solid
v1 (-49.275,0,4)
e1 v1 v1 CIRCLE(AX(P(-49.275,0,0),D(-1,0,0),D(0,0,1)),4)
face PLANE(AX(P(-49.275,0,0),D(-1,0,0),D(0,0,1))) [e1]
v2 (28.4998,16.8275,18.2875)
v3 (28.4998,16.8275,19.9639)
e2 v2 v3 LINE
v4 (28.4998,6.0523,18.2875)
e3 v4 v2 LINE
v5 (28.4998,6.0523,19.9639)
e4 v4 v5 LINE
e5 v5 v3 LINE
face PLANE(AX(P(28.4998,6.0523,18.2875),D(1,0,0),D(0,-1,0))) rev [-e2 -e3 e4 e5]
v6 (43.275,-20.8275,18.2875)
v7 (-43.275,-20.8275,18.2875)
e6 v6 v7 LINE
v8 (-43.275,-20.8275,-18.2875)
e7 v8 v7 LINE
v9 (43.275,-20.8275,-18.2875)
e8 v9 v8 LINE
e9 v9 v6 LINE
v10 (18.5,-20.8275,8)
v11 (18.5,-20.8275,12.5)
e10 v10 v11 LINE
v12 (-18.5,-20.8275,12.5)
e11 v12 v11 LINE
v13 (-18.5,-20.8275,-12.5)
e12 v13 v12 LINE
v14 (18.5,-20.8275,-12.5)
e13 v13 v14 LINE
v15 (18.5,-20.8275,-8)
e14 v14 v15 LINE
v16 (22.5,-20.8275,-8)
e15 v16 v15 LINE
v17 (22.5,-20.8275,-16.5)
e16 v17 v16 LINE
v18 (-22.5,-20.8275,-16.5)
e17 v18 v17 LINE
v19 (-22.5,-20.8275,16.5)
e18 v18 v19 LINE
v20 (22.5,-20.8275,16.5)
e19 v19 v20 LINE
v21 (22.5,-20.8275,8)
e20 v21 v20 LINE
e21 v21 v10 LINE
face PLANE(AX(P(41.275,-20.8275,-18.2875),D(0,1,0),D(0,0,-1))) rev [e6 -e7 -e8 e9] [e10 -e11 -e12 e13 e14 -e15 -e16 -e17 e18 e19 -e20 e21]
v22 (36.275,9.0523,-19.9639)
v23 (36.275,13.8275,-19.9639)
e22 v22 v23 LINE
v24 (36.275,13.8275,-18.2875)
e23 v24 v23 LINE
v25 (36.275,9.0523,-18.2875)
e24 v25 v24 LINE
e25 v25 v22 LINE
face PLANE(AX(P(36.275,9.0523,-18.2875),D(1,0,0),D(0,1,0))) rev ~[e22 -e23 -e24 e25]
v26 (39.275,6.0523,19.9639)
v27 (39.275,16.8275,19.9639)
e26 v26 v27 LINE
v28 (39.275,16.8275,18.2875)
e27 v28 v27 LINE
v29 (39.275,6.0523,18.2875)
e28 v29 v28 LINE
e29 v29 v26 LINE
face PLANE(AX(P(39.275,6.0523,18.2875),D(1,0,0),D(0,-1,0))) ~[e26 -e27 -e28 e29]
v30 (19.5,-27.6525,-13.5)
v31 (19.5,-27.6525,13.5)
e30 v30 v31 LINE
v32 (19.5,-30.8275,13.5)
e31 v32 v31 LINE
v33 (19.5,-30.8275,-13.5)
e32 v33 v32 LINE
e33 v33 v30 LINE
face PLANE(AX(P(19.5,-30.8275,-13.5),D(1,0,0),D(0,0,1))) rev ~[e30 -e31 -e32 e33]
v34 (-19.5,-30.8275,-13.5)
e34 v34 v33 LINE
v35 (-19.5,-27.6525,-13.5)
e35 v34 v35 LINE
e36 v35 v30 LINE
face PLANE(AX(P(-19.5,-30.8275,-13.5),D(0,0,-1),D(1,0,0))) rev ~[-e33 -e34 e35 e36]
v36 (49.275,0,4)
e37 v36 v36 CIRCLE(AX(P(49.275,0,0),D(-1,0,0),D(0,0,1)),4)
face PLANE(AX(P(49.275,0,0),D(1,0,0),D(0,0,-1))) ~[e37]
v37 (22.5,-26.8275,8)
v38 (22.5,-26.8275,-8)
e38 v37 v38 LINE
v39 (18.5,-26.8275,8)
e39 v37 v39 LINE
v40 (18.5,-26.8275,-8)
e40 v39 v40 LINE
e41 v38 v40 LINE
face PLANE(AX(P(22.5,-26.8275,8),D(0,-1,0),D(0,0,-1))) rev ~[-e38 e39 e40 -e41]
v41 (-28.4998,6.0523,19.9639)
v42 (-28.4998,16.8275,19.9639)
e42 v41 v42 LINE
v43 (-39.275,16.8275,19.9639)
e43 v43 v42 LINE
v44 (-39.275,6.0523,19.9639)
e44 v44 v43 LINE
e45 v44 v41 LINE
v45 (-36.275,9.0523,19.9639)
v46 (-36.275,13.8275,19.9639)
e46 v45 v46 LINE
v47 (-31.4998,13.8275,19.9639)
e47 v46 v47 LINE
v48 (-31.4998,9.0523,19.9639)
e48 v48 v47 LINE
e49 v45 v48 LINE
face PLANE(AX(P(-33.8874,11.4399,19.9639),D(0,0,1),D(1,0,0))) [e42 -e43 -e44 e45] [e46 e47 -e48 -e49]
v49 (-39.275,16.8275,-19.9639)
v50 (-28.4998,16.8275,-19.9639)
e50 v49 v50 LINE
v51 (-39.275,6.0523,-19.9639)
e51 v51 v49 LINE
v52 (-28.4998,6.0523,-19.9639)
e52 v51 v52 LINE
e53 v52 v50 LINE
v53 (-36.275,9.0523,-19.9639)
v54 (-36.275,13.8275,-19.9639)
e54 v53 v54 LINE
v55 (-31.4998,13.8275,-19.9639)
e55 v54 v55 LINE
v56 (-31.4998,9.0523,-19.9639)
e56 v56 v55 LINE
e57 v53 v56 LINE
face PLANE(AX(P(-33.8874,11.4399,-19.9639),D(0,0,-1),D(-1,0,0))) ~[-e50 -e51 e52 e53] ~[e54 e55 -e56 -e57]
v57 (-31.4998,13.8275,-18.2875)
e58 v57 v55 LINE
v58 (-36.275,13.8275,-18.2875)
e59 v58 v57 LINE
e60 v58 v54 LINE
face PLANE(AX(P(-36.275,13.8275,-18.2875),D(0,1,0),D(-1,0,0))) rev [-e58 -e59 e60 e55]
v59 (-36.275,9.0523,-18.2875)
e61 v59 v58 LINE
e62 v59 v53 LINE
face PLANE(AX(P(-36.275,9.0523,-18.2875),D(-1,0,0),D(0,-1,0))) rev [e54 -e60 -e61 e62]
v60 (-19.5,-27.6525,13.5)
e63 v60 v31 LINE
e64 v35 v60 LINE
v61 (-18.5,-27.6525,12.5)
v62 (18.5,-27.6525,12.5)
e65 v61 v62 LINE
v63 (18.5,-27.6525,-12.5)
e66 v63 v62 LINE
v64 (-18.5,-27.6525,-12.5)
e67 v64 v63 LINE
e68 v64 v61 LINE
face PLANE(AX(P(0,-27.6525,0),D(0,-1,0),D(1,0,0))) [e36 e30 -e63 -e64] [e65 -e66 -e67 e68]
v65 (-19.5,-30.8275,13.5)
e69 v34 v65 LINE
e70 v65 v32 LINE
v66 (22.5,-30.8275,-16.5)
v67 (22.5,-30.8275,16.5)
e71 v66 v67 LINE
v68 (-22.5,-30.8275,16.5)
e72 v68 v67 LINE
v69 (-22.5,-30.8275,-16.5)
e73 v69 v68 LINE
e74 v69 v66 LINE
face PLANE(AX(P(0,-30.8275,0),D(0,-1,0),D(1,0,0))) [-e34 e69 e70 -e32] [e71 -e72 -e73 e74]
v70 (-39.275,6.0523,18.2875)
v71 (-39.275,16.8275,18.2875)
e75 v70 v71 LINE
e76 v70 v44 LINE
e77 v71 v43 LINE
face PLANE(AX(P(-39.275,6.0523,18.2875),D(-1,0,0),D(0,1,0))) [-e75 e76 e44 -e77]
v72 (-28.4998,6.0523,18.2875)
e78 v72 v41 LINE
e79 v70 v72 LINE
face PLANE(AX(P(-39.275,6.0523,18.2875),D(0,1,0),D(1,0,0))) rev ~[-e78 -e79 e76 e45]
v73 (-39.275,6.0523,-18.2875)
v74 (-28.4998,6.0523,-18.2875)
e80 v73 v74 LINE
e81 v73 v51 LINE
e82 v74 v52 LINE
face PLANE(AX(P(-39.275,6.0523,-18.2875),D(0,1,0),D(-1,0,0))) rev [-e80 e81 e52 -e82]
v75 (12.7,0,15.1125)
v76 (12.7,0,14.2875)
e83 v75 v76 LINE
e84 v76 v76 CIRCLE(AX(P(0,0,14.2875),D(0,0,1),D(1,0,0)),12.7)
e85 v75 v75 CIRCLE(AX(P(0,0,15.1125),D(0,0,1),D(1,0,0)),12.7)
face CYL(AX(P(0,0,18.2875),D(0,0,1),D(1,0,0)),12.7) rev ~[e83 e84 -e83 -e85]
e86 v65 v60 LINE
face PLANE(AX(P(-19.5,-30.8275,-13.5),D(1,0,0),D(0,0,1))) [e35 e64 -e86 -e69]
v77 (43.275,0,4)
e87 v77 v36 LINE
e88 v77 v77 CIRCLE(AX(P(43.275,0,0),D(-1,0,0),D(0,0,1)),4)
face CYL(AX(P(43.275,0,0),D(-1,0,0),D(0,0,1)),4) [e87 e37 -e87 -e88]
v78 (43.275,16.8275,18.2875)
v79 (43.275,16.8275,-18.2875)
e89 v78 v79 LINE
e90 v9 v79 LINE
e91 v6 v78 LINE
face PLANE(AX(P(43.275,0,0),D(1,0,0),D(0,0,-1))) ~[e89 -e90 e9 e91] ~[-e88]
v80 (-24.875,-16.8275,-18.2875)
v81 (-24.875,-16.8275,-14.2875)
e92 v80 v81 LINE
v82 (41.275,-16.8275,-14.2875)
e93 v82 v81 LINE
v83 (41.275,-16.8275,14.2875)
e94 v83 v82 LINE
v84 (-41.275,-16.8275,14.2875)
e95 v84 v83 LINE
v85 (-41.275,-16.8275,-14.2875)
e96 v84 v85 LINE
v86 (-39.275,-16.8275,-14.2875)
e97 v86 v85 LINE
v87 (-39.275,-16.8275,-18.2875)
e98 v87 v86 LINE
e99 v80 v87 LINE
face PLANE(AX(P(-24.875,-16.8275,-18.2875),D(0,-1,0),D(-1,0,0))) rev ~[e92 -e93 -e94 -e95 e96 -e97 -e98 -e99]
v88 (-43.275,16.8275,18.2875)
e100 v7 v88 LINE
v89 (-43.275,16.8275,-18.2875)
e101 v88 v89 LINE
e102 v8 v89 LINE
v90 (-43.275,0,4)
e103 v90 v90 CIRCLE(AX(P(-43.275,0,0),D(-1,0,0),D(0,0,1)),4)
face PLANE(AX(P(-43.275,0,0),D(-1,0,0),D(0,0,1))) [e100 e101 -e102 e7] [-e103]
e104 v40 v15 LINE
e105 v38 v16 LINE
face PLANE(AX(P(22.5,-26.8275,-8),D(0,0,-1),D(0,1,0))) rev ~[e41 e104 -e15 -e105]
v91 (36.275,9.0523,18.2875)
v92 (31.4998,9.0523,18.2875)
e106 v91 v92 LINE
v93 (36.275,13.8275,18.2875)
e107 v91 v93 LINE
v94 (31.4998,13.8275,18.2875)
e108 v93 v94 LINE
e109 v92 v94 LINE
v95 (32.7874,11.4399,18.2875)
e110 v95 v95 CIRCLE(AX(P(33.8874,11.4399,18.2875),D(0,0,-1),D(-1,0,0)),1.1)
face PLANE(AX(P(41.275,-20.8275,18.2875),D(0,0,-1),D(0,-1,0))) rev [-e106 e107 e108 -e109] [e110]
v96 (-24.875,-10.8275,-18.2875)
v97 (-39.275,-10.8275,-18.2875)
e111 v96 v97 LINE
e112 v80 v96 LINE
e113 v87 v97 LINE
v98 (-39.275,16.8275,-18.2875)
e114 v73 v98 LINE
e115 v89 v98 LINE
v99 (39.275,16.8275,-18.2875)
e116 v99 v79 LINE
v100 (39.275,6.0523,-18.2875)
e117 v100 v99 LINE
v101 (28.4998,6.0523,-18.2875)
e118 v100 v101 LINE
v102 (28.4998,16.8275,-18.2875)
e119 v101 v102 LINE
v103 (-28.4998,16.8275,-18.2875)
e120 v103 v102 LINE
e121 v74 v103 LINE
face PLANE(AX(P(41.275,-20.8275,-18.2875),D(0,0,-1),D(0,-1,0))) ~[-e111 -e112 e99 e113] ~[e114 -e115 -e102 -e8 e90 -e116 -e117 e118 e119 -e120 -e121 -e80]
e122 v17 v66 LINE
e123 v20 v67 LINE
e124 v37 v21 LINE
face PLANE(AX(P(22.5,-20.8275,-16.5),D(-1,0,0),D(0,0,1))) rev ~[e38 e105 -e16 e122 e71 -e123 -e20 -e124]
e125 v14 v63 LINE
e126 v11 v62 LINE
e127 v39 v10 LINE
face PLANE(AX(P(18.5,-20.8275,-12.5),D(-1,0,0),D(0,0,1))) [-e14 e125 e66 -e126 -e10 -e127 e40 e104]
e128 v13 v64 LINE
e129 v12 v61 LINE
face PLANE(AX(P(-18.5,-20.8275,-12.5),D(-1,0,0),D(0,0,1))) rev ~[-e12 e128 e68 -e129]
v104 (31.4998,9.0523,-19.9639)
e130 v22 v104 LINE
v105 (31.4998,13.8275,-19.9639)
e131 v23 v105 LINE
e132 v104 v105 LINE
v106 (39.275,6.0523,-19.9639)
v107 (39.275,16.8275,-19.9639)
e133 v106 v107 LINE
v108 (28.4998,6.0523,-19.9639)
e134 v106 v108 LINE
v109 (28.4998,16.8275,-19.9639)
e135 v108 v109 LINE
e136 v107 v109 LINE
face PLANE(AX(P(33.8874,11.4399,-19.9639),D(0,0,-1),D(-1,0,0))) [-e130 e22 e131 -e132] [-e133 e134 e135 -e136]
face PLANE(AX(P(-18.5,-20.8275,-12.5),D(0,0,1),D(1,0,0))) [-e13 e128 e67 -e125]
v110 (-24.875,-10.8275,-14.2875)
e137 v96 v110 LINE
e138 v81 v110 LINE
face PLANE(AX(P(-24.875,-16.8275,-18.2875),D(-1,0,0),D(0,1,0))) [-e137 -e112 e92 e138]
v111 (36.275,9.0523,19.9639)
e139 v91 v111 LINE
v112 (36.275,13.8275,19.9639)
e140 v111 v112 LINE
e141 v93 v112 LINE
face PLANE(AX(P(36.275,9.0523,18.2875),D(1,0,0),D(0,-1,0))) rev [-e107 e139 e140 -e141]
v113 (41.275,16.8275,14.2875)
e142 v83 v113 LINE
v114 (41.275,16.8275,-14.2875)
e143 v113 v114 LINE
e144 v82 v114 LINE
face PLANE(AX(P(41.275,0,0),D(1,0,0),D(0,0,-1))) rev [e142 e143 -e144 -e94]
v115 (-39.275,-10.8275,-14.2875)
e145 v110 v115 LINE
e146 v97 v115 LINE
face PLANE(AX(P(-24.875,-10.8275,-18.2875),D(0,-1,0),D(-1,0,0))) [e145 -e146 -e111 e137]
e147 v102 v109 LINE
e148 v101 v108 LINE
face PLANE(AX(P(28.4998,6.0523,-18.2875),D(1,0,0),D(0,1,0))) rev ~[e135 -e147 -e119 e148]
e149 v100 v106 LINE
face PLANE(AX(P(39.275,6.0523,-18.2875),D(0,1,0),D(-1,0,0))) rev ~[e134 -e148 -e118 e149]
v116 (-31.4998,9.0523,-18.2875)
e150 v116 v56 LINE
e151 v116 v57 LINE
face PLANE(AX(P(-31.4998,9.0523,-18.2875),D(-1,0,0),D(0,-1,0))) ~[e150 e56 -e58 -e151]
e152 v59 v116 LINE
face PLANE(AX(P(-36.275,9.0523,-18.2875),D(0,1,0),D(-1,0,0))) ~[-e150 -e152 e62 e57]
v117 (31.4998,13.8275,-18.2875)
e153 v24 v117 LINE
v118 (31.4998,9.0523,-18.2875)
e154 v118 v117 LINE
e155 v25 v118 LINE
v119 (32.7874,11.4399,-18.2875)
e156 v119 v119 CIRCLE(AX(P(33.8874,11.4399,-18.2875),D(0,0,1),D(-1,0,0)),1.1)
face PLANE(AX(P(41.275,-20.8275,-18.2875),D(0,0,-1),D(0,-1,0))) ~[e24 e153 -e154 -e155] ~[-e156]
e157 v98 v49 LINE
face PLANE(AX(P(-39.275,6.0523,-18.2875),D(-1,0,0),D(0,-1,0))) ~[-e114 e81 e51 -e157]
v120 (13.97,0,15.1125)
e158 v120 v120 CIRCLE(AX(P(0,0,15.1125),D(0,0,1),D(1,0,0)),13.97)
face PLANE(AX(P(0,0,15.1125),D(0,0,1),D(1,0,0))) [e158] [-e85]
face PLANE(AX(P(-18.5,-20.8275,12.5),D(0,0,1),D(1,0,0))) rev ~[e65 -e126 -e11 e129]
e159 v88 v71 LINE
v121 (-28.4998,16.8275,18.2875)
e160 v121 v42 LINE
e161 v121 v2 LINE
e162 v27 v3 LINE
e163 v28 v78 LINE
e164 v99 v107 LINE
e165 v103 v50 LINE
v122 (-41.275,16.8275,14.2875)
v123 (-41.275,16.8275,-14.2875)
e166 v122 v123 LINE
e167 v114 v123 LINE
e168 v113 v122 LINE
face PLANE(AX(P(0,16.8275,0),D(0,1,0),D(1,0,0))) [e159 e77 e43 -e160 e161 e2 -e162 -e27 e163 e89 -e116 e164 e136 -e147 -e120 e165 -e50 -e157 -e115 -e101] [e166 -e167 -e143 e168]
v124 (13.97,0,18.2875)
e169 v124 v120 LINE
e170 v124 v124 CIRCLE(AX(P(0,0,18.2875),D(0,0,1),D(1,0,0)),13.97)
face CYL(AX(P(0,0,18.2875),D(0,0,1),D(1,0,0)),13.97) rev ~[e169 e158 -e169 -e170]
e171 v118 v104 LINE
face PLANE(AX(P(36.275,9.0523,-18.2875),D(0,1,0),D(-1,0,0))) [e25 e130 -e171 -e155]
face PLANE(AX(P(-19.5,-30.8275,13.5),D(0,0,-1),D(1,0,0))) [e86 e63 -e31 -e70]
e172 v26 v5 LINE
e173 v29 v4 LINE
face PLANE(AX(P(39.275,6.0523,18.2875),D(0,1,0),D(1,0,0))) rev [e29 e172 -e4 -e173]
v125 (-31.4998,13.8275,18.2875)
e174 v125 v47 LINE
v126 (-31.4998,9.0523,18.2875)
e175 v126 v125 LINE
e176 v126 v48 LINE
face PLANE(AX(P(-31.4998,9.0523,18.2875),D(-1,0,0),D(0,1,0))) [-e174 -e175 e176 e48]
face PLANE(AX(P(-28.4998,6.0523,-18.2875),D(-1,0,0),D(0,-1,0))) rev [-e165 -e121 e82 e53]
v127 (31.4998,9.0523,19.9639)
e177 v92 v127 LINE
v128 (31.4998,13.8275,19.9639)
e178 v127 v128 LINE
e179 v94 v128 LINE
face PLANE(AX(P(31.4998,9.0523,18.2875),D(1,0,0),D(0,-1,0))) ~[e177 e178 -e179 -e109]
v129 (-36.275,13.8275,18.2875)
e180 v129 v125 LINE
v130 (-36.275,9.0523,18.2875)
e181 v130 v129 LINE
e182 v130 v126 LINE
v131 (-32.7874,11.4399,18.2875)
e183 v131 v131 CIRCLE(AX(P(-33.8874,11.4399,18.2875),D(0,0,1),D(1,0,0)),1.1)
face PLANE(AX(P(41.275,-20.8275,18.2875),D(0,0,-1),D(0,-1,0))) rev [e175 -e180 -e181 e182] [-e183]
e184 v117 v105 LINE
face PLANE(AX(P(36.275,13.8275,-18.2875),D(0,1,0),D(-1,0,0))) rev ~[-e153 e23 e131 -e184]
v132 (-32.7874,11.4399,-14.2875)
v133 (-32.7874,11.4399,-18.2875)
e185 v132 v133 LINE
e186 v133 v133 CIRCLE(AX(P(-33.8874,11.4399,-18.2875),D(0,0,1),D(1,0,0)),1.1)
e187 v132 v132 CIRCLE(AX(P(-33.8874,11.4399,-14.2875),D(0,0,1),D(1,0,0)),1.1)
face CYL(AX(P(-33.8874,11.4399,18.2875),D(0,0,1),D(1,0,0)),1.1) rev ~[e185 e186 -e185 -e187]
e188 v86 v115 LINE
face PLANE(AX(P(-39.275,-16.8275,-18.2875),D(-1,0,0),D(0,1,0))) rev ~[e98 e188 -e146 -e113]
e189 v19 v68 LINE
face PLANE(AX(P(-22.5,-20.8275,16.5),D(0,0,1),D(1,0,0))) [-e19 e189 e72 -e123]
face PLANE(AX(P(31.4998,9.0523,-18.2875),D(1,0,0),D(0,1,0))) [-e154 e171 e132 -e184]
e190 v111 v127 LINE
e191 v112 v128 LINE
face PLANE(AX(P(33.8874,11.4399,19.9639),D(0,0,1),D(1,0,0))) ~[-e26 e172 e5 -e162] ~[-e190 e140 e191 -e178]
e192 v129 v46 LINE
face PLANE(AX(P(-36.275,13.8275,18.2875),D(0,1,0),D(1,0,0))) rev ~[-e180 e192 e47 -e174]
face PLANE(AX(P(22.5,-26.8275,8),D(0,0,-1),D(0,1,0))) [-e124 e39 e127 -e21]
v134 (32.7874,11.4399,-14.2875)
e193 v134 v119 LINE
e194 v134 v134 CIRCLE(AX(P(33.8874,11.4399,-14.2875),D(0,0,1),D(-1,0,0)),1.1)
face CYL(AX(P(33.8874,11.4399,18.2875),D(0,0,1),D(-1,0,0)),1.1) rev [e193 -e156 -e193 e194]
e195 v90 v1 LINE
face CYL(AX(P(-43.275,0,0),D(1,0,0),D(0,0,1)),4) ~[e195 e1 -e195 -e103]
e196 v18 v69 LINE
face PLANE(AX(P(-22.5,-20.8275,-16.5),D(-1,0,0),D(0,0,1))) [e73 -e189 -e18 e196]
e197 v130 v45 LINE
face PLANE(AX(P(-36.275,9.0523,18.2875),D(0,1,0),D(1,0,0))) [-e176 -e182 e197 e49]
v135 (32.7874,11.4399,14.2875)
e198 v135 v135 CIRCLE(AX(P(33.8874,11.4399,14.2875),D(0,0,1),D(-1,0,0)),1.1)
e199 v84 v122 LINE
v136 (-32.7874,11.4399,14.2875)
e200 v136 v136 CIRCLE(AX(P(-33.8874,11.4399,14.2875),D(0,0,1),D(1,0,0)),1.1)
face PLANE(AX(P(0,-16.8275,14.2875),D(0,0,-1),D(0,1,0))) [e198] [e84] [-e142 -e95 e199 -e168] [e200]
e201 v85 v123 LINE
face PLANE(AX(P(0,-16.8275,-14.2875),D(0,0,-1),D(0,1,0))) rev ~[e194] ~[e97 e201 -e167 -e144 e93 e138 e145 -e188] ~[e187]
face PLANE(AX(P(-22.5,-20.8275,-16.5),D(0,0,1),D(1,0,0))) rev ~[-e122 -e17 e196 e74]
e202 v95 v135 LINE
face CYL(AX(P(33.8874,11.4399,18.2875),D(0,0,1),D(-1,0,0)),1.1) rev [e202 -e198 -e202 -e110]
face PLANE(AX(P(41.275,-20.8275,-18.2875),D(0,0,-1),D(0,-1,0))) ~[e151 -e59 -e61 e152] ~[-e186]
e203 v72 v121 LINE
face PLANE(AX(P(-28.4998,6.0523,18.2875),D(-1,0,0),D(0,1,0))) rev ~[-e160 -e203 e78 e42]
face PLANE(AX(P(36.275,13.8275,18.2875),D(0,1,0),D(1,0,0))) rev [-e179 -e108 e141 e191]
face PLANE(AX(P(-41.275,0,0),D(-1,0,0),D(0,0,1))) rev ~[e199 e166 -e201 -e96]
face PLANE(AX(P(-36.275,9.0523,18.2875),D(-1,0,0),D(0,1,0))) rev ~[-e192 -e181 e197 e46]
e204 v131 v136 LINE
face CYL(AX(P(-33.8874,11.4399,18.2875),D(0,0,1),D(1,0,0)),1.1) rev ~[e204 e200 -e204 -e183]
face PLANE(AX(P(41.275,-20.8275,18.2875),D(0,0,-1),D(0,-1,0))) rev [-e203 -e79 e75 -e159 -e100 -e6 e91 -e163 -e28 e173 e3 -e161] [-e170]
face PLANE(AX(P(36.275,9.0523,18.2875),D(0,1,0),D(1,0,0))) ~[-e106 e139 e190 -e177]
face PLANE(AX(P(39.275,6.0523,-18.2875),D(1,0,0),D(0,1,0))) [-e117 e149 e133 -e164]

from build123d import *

# Parameters (mm, degrees)
SKETCH1_W                 = 36.575
SKETCH1_H                 = 41.655
SKETCH1_W_2               = 28.575
SKETCH1_H_2               = 33.655
BOSS_EXTRUDE1_DEPTH       = 41.275
SKETCH2_W                 = 36.575
SKETCH2_H                 = 41.655
BOSS_EXTRUDE2_DEPTH       = 2
SKETCH3_W                 = 86.55
SKETCH3_H                 = 36.575
CUT_EXTRUDE1_DEPTH        = 4
SKETCH4_W                 = 10.7752
SKETCH4_H                 = 10.7752
SKETCH4_W_2               = 4.7752
SKETCH4_H_2               = 4.7752
BOSS_EXTRUDE3_DEPTH       = 1.6764
MIRROR3_COPY_1_SKETCH_W   = 10.7752
MIRROR3_COPY_1_SKETCH_H   = 10.7752
MIRROR3_COPY_1_SKETCH_W_2 = 4.7752
MIRROR3_COPY_1_SKETCH_H_2 = 4.7752
MIRROR3_COPY_1_DEPTH      = 1.6764
SKETCH5_R                 = 1.1
CUT_EXTRUDE2_DEPTH        = 62.397719691
SKETCH6_R                 = 4
BOSS_EXTRUDE4_DEPTH       = 6
SKETCH7_R                 = 12.7
CUT_EXTRUDE3_DEPTH        = 4
SKETCH8_R                 = 13.97
CUT_EXTRUDE4_DEPTH        = 3.175
SKETCH9_W                 = 14.4
SKETCH9_H                 = 6
CUT_EXTRUDE5_DEPTH        = 4
SKETCH10_W                = 45
SKETCH10_H                = 33
SKETCH10_W_2              = 37
SKETCH10_H_2              = 25
BOSS_EXTRUDE5_DEPTH       = 10
SKETCH11_W                = 39
SKETCH11_H                = 27
CUT_EXTRUDE7_DEPTH        = 3.175
SKETCH14_W                = 16
SKETCH14_H                = 6
CUT_EXTRUDE8_DEPTH        = 4


with BuildPart() as part:
    # Sketch1 → Boss-Extrude1 (new, symmetric)
    with BuildSketch(Plane(origin=(0, 0, 0), x_dir=(0, 0, -1), z_dir=(1, 0, 0))):
        Rectangle(SKETCH1_W, SKETCH1_H)
        Rectangle(SKETCH1_W_2, SKETCH1_H_2, mode=Mode.SUBTRACT)
    extrude(amount=BOSS_EXTRUDE1_DEPTH, both=True)

    # Sketch2 → Boss-Extrude2 (add)
    with BuildSketch(Plane.ZY.offset(41.275)):
        Rectangle(SKETCH2_W, SKETCH2_H)
    boss_extrude2 = extrude(amount=BOSS_EXTRUDE2_DEPTH)

    # Mirror1: Boss-Extrude2 across plane
    add(boss_extrude2.mirror(Plane(origin=(0, 0, 0), x_dir=(0, 0, 1), z_dir=(1, 0, 0))))

    # Sketch3 → Cut-Extrude1 (cut)
    with BuildSketch(Plane(origin=(0, 20.8275, 0), x_dir=(1, 0, 0), z_dir=(0, 1, 0))):
        Rectangle(SKETCH3_W, SKETCH3_H)
    extrude(amount=-CUT_EXTRUDE1_DEPTH, mode=Mode.SUBTRACT)

    # Sketch4 → Boss-Extrude3 (add)
    with BuildSketch(Plane(origin=(0, 0, -18.2875), x_dir=(-1, 0, 0), z_dir=(0, 0, -1))):
        with Locations((-33.8874, 11.4399)):
            Rectangle(SKETCH4_W, SKETCH4_H)
        with Locations((-33.8874, 11.4399)):
            Rectangle(SKETCH4_W_2, SKETCH4_H_2, mode=Mode.SUBTRACT)
    boss_extrude3 = extrude(amount=BOSS_EXTRUDE3_DEPTH)

    # Mirror2: Boss-Extrude3 across plane
    add(boss_extrude3.mirror(Plane(origin=(0, 0, 0), x_dir=(0, 0, 1), z_dir=(1, 0, 0))))

    # Mirror3: Boss-Extrude3 across plane
    add(boss_extrude3.mirror(Plane.XY))

    # Mirror3 copy 1 sketch → Mirror3 copy 1 (add)
    with BuildSketch(Plane.XY.offset(18.2875)):
        with Locations((-33.8874, 11.4399)):
            Rectangle(MIRROR3_COPY_1_SKETCH_W, MIRROR3_COPY_1_SKETCH_H)
        with Locations((-33.8874, 11.4399)):
            Rectangle(MIRROR3_COPY_1_SKETCH_W_2, MIRROR3_COPY_1_SKETCH_H_2, mode=Mode.SUBTRACT)
    extrude(amount=MIRROR3_COPY_1_DEPTH)

    # Sketch5 → Cut-Extrude2 (cut, through all)
    with BuildSketch(Plane.XY.offset(18.2875)):
        with Locations((-33.8874, 11.4399)):
            Circle(SKETCH5_R)
    cut_extrude2 = extrude(amount=-CUT_EXTRUDE2_DEPTH, mode=Mode.SUBTRACT)

    # Mirror4: Cut-Extrude2 across plane
    add(cut_extrude2.mirror(Plane(origin=(0, 0, 0), x_dir=(0, 0, 1), z_dir=(1, 0, 0))), mode=Mode.SUBTRACT)

    # Sketch6 → Boss-Extrude4 (add)
    with BuildSketch(Plane.ZY.offset(43.275)):
        Circle(SKETCH6_R)
    boss_extrude4 = extrude(amount=BOSS_EXTRUDE4_DEPTH)

    # Mirror5: Boss-Extrude4 across plane
    add(boss_extrude4.mirror(Plane(origin=(0, 0, 0), x_dir=(0, 0, 1), z_dir=(1, 0, 0))))

    # Sketch7 → Cut-Extrude3 (cut)
    with BuildSketch(Plane.XY.offset(18.2875)):
        Circle(SKETCH7_R)
    extrude(amount=-CUT_EXTRUDE3_DEPTH, mode=Mode.SUBTRACT)

    # Sketch8 → Cut-Extrude4 (cut)
    with BuildSketch(Plane.XY.offset(18.2875)):
        Circle(SKETCH8_R)
    extrude(amount=-CUT_EXTRUDE4_DEPTH, mode=Mode.SUBTRACT)

    # Sketch9 → Cut-Extrude5 (cut)
    with BuildSketch(Plane(origin=(0, 0, -18.2875), x_dir=(-1, 0, 0), z_dir=(0, 0, -1))):
        with Locations((32.075, -13.8275)):
            Rectangle(SKETCH9_W, SKETCH9_H)
    extrude(amount=-CUT_EXTRUDE5_DEPTH, mode=Mode.SUBTRACT)

    # Sketch10 → Boss-Extrude5 (add)
    with BuildSketch(Plane.XZ.offset(20.8275)):
        Rectangle(SKETCH10_W, SKETCH10_H)
        Rectangle(SKETCH10_W_2, SKETCH10_H_2, mode=Mode.SUBTRACT)
    extrude(amount=BOSS_EXTRUDE5_DEPTH)

    # Sketch11 → Cut-Extrude7 (cut)
    with BuildSketch(Plane.XZ.offset(30.8275)):
        Rectangle(SKETCH11_W, SKETCH11_H)
    extrude(amount=-CUT_EXTRUDE7_DEPTH, mode=Mode.SUBTRACT)

    # Sketch14 → Cut-Extrude8 (cut)
    with BuildSketch(Plane(origin=(22.5, 0, 0), x_dir=(0, 0, -1), z_dir=(1, 0, 0))):
        with Locations((0, -23.8275)):
            Rectangle(SKETCH14_W, SKETCH14_H)
    extrude(amount=-CUT_EXTRUDE8_DEPTH, mode=Mode.SUBTRACT)


solid = part.part
